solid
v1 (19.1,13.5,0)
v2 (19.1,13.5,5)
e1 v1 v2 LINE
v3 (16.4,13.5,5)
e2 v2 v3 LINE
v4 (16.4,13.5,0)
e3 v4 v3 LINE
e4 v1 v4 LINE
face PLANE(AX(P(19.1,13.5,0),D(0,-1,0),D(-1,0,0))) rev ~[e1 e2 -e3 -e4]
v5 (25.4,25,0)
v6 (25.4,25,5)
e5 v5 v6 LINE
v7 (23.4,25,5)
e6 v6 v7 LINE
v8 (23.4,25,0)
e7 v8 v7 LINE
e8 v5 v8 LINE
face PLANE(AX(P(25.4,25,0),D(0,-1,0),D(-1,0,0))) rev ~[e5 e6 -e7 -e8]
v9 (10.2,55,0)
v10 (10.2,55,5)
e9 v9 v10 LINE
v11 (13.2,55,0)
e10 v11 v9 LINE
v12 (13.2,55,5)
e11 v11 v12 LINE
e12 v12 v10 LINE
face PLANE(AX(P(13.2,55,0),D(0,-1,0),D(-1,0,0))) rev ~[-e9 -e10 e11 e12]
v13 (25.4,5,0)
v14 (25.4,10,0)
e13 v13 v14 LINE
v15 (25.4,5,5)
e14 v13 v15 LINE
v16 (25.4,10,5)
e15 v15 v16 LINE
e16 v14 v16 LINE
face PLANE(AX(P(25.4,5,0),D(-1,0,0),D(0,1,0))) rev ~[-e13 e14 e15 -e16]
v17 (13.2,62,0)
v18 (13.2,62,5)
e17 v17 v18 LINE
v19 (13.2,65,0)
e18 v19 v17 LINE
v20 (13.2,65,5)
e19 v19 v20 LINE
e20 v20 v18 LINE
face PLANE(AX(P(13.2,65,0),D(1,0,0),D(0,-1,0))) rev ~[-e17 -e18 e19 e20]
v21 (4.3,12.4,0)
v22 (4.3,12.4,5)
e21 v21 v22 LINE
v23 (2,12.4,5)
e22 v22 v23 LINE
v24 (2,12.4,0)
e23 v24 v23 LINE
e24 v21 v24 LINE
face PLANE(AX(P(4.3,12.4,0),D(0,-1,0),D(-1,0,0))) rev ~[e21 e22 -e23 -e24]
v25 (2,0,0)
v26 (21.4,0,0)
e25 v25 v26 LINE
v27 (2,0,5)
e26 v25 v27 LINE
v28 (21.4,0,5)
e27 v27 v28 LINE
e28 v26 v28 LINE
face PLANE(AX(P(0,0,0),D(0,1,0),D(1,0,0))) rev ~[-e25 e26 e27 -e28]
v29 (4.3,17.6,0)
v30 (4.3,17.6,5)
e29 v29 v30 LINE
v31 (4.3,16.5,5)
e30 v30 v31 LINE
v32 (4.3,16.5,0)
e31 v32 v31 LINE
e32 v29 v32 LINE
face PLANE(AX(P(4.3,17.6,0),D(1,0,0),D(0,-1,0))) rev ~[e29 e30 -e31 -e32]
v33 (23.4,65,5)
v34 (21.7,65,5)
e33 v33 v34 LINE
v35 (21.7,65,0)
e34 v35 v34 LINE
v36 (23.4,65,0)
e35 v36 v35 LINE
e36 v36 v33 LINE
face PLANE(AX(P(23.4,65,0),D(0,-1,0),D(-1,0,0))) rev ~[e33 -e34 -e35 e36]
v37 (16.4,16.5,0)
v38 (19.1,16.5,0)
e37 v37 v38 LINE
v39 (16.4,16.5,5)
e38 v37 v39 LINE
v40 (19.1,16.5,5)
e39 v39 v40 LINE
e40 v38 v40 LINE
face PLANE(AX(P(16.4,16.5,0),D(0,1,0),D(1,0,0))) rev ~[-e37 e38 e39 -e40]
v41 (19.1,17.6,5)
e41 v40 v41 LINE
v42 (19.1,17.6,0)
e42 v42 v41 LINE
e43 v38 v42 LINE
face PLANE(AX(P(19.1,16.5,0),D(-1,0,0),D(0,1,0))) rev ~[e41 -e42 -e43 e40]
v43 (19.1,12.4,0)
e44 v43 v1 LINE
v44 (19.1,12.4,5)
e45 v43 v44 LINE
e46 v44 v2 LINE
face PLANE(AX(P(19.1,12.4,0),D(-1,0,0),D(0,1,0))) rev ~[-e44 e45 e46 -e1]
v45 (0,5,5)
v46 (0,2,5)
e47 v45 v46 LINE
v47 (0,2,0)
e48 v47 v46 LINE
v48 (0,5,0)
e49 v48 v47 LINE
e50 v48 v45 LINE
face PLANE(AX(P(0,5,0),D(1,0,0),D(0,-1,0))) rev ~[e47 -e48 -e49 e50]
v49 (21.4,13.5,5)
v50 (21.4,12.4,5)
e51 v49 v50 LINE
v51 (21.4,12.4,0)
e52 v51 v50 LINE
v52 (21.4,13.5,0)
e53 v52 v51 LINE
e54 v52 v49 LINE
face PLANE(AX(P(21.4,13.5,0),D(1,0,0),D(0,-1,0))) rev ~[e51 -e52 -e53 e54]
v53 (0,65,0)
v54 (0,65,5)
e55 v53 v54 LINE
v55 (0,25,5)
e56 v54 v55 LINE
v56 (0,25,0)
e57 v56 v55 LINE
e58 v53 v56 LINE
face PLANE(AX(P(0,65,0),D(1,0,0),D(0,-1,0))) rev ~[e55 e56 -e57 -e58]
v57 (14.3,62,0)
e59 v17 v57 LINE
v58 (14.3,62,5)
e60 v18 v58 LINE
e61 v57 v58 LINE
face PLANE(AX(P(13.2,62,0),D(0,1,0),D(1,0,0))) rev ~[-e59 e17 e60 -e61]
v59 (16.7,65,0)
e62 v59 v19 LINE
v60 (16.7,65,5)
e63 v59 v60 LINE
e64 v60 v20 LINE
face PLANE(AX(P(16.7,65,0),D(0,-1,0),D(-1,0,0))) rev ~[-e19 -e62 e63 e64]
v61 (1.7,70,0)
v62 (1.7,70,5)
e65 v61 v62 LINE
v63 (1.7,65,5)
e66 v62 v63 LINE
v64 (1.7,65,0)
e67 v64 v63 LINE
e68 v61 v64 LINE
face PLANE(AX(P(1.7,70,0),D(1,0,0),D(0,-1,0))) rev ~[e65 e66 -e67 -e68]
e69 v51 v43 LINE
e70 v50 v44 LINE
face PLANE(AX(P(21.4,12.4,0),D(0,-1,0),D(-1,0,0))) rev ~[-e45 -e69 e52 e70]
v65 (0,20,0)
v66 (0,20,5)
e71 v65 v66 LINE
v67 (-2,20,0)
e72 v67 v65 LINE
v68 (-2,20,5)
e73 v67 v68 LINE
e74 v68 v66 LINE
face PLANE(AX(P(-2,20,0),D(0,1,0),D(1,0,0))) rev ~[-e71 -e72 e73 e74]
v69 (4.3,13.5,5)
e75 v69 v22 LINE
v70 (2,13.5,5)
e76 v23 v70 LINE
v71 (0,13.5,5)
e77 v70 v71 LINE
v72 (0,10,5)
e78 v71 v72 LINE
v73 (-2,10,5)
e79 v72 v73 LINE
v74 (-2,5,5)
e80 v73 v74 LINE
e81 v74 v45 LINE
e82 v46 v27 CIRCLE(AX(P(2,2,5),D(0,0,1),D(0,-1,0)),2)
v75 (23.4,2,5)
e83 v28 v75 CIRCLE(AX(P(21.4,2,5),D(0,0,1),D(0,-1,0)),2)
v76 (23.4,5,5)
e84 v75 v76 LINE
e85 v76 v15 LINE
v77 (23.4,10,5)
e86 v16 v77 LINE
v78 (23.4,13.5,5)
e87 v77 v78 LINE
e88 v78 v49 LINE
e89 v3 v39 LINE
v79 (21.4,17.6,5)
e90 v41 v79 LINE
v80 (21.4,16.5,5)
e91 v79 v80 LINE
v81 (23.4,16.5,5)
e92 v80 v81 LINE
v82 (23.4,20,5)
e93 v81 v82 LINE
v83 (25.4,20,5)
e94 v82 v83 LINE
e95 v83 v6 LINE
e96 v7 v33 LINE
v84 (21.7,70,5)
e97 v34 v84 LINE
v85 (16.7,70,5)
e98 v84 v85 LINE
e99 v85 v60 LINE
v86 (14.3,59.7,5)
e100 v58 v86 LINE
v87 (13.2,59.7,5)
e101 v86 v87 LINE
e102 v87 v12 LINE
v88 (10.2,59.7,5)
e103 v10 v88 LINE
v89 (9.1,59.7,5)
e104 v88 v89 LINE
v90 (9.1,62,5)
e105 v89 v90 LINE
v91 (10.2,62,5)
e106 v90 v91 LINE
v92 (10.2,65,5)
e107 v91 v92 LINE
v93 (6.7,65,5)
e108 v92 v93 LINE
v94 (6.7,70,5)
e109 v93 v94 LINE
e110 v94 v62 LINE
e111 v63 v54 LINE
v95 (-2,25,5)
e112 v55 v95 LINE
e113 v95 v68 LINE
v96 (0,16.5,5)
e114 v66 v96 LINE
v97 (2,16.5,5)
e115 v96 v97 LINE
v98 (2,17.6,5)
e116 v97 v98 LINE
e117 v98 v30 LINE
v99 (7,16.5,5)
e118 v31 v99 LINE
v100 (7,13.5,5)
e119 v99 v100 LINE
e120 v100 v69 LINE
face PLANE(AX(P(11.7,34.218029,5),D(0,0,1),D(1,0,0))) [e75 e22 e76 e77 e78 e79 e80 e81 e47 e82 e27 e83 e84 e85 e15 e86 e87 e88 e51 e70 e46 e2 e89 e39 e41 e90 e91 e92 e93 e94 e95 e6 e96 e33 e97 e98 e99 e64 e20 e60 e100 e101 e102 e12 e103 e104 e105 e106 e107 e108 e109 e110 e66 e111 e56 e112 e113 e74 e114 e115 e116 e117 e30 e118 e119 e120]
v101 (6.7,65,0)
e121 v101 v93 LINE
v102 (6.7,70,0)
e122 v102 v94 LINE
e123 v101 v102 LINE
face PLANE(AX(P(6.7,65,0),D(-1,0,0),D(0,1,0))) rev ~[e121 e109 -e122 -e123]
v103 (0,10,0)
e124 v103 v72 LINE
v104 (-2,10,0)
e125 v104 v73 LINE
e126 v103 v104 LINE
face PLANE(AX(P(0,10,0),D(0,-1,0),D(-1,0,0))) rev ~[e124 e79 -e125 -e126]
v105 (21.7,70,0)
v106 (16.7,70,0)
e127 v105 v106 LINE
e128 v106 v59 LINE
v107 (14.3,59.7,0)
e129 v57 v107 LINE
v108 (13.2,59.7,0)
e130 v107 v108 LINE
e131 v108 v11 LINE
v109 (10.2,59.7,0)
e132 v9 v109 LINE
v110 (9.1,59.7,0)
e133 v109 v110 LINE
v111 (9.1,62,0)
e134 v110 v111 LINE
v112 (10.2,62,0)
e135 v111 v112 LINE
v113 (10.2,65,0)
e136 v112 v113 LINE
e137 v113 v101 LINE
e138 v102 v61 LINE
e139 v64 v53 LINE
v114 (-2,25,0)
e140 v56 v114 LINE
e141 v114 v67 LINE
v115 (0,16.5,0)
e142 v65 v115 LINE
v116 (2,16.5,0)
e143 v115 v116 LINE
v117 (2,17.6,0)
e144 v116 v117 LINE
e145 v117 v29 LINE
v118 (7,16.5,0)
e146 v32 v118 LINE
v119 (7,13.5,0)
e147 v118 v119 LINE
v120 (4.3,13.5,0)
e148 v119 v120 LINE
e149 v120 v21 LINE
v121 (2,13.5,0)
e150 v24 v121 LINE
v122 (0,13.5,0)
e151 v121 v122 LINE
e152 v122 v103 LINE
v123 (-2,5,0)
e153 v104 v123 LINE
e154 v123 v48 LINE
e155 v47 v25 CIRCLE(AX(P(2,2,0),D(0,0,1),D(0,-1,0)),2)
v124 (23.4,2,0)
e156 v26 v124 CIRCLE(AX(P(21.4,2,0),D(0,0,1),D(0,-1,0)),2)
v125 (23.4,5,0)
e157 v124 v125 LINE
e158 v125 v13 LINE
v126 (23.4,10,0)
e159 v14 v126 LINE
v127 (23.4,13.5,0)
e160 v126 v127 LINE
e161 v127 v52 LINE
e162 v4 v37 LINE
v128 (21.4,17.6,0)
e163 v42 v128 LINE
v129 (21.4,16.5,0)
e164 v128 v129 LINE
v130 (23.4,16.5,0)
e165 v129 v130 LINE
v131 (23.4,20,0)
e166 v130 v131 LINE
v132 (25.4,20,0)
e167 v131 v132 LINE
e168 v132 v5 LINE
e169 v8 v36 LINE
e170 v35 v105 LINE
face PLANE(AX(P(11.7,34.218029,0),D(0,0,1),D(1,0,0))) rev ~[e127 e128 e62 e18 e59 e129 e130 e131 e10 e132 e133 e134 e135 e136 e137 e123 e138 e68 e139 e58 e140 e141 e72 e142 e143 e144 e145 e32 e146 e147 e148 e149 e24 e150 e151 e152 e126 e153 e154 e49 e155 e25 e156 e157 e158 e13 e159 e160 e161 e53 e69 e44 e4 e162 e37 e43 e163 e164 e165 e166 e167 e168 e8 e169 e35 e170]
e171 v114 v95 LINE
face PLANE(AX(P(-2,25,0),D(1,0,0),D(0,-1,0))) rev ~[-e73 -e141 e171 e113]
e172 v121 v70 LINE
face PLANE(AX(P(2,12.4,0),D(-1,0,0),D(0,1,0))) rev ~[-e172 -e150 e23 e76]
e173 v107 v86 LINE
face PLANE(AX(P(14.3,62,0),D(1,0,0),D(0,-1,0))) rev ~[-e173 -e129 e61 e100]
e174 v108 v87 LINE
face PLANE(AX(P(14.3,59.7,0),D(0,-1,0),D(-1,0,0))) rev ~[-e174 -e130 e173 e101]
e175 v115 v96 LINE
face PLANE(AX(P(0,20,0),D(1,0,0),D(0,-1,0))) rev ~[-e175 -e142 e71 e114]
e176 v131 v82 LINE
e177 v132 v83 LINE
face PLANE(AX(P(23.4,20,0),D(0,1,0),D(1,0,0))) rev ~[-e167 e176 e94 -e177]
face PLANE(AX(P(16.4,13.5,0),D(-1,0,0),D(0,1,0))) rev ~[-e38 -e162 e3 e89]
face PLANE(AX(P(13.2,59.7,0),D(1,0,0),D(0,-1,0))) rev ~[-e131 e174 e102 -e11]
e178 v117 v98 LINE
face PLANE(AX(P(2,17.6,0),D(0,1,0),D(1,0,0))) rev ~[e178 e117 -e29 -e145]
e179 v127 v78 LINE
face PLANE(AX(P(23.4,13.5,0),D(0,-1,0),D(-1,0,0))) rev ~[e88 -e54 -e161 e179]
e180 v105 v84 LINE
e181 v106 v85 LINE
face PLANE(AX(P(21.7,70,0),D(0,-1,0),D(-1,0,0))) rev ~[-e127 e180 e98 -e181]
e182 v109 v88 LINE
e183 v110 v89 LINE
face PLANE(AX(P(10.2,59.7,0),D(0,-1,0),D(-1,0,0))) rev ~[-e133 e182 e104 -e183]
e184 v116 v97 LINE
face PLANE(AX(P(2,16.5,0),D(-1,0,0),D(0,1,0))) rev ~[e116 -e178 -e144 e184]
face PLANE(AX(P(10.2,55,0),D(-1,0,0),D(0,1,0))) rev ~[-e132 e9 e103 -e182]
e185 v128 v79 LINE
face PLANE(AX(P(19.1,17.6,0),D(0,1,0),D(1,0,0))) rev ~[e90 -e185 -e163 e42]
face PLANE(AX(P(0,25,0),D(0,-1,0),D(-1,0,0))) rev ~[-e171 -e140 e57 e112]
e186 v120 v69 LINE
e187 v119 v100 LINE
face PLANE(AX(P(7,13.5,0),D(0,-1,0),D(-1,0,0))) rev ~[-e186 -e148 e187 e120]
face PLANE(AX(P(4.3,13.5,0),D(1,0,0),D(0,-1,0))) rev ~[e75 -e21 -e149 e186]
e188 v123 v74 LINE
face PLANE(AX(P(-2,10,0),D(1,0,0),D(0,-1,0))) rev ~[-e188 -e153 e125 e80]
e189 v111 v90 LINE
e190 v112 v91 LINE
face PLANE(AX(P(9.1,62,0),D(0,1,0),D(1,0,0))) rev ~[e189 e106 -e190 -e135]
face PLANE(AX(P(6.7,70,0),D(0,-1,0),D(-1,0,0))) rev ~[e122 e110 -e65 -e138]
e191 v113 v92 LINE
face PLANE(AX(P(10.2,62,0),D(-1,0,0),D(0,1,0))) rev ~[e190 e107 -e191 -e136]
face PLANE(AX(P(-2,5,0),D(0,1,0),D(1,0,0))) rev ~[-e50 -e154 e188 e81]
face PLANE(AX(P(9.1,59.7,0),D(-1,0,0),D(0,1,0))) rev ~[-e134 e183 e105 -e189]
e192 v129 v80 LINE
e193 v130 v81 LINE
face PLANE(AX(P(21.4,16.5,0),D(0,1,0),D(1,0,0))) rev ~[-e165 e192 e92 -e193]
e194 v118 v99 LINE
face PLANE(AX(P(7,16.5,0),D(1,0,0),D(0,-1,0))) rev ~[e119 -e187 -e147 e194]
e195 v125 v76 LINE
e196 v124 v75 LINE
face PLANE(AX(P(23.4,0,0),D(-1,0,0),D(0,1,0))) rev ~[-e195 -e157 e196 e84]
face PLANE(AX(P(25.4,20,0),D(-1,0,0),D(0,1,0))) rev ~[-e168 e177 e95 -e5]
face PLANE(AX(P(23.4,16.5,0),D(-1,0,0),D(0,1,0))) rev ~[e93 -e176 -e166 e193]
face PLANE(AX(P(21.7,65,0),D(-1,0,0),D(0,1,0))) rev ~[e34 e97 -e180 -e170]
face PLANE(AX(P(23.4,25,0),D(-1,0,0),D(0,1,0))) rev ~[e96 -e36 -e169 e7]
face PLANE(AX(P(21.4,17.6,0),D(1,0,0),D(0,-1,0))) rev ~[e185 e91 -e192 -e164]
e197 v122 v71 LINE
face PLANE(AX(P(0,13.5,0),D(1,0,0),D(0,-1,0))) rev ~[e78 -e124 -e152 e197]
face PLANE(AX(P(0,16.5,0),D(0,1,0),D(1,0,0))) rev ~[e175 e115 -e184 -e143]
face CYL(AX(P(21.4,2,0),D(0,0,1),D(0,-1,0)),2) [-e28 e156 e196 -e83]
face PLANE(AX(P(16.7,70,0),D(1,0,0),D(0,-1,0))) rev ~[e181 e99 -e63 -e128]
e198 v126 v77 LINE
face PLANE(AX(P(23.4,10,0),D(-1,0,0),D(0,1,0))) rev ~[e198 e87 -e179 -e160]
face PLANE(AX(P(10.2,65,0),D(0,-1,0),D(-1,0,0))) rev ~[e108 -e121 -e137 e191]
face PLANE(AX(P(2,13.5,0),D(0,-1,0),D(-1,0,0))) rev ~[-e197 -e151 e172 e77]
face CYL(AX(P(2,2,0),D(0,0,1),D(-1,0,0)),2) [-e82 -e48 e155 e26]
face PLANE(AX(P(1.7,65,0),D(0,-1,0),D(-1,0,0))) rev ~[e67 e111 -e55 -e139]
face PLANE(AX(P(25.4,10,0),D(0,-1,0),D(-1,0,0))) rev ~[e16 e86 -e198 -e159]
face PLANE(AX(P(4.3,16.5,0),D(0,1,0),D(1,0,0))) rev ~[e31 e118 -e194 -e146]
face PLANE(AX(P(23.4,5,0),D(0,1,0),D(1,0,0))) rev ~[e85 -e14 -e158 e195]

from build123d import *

# Parameters (mm, degrees)
BOSS_EXTRU_1_DEPTH = 5
FILLET1_R          = 2


with BuildPart() as part:
    # Esquisse1 → Boss.-Extru.1 (new body)
    with BuildSketch(Plane.XY):
        Polygon((1.7, 70), (1.7, 65), (0, 65), (0, 25), (-2, 25), (-2, 20), (0, 20), (0, 16.5), (2, 16.5), (2, 17.6), (4.3, 17.6), (4.3, 16.5), (7, 16.5), (7, 13.5), (4.3, 13.5), (4.3, 12.4), (2, 12.4), (2, 13.5), (0, 13.5), (0, 10), (-2, 10), (-2, 5), (0, 5), (0, 0), (23.4, 0), (23.4, 5), (25.4, 5), (25.4, 10), (23.4, 10), (23.4, 13.5), (21.4, 13.5), (21.4, 12.4), (19.1, 12.4), (19.1, 13.5), (16.4, 13.5), (16.4, 16.5), (19.1, 16.5), (19.1, 17.6), (21.4, 17.6), (21.4, 16.5), (23.4, 16.5), (23.4, 20), (25.4, 20), (25.4, 25), (23.4, 25), (23.4, 65), (21.7, 65), (21.7, 70), (16.7, 70), (16.7, 65), (13.2, 65), (13.2, 62), (14.3, 62), (14.3, 59.7), (13.2, 59.7), (13.2, 55), (10.2, 55), (10.2, 59.7), (9.1, 59.7), (9.1, 62), (10.2, 62), (10.2, 65), (6.7, 65), (6.7, 70), align=None)
    extrude(amount=BOSS_EXTRU_1_DEPTH)

    # Fillet1
    fillet1_edges = [part.edges().sort_by_distance(p)[0] for p in [
        (23.4, 0, 2.5),
        (0, 0, 2.5),
    ]]
    fillet(fillet1_edges, radius=FILLET1_R)


solid = part.part
